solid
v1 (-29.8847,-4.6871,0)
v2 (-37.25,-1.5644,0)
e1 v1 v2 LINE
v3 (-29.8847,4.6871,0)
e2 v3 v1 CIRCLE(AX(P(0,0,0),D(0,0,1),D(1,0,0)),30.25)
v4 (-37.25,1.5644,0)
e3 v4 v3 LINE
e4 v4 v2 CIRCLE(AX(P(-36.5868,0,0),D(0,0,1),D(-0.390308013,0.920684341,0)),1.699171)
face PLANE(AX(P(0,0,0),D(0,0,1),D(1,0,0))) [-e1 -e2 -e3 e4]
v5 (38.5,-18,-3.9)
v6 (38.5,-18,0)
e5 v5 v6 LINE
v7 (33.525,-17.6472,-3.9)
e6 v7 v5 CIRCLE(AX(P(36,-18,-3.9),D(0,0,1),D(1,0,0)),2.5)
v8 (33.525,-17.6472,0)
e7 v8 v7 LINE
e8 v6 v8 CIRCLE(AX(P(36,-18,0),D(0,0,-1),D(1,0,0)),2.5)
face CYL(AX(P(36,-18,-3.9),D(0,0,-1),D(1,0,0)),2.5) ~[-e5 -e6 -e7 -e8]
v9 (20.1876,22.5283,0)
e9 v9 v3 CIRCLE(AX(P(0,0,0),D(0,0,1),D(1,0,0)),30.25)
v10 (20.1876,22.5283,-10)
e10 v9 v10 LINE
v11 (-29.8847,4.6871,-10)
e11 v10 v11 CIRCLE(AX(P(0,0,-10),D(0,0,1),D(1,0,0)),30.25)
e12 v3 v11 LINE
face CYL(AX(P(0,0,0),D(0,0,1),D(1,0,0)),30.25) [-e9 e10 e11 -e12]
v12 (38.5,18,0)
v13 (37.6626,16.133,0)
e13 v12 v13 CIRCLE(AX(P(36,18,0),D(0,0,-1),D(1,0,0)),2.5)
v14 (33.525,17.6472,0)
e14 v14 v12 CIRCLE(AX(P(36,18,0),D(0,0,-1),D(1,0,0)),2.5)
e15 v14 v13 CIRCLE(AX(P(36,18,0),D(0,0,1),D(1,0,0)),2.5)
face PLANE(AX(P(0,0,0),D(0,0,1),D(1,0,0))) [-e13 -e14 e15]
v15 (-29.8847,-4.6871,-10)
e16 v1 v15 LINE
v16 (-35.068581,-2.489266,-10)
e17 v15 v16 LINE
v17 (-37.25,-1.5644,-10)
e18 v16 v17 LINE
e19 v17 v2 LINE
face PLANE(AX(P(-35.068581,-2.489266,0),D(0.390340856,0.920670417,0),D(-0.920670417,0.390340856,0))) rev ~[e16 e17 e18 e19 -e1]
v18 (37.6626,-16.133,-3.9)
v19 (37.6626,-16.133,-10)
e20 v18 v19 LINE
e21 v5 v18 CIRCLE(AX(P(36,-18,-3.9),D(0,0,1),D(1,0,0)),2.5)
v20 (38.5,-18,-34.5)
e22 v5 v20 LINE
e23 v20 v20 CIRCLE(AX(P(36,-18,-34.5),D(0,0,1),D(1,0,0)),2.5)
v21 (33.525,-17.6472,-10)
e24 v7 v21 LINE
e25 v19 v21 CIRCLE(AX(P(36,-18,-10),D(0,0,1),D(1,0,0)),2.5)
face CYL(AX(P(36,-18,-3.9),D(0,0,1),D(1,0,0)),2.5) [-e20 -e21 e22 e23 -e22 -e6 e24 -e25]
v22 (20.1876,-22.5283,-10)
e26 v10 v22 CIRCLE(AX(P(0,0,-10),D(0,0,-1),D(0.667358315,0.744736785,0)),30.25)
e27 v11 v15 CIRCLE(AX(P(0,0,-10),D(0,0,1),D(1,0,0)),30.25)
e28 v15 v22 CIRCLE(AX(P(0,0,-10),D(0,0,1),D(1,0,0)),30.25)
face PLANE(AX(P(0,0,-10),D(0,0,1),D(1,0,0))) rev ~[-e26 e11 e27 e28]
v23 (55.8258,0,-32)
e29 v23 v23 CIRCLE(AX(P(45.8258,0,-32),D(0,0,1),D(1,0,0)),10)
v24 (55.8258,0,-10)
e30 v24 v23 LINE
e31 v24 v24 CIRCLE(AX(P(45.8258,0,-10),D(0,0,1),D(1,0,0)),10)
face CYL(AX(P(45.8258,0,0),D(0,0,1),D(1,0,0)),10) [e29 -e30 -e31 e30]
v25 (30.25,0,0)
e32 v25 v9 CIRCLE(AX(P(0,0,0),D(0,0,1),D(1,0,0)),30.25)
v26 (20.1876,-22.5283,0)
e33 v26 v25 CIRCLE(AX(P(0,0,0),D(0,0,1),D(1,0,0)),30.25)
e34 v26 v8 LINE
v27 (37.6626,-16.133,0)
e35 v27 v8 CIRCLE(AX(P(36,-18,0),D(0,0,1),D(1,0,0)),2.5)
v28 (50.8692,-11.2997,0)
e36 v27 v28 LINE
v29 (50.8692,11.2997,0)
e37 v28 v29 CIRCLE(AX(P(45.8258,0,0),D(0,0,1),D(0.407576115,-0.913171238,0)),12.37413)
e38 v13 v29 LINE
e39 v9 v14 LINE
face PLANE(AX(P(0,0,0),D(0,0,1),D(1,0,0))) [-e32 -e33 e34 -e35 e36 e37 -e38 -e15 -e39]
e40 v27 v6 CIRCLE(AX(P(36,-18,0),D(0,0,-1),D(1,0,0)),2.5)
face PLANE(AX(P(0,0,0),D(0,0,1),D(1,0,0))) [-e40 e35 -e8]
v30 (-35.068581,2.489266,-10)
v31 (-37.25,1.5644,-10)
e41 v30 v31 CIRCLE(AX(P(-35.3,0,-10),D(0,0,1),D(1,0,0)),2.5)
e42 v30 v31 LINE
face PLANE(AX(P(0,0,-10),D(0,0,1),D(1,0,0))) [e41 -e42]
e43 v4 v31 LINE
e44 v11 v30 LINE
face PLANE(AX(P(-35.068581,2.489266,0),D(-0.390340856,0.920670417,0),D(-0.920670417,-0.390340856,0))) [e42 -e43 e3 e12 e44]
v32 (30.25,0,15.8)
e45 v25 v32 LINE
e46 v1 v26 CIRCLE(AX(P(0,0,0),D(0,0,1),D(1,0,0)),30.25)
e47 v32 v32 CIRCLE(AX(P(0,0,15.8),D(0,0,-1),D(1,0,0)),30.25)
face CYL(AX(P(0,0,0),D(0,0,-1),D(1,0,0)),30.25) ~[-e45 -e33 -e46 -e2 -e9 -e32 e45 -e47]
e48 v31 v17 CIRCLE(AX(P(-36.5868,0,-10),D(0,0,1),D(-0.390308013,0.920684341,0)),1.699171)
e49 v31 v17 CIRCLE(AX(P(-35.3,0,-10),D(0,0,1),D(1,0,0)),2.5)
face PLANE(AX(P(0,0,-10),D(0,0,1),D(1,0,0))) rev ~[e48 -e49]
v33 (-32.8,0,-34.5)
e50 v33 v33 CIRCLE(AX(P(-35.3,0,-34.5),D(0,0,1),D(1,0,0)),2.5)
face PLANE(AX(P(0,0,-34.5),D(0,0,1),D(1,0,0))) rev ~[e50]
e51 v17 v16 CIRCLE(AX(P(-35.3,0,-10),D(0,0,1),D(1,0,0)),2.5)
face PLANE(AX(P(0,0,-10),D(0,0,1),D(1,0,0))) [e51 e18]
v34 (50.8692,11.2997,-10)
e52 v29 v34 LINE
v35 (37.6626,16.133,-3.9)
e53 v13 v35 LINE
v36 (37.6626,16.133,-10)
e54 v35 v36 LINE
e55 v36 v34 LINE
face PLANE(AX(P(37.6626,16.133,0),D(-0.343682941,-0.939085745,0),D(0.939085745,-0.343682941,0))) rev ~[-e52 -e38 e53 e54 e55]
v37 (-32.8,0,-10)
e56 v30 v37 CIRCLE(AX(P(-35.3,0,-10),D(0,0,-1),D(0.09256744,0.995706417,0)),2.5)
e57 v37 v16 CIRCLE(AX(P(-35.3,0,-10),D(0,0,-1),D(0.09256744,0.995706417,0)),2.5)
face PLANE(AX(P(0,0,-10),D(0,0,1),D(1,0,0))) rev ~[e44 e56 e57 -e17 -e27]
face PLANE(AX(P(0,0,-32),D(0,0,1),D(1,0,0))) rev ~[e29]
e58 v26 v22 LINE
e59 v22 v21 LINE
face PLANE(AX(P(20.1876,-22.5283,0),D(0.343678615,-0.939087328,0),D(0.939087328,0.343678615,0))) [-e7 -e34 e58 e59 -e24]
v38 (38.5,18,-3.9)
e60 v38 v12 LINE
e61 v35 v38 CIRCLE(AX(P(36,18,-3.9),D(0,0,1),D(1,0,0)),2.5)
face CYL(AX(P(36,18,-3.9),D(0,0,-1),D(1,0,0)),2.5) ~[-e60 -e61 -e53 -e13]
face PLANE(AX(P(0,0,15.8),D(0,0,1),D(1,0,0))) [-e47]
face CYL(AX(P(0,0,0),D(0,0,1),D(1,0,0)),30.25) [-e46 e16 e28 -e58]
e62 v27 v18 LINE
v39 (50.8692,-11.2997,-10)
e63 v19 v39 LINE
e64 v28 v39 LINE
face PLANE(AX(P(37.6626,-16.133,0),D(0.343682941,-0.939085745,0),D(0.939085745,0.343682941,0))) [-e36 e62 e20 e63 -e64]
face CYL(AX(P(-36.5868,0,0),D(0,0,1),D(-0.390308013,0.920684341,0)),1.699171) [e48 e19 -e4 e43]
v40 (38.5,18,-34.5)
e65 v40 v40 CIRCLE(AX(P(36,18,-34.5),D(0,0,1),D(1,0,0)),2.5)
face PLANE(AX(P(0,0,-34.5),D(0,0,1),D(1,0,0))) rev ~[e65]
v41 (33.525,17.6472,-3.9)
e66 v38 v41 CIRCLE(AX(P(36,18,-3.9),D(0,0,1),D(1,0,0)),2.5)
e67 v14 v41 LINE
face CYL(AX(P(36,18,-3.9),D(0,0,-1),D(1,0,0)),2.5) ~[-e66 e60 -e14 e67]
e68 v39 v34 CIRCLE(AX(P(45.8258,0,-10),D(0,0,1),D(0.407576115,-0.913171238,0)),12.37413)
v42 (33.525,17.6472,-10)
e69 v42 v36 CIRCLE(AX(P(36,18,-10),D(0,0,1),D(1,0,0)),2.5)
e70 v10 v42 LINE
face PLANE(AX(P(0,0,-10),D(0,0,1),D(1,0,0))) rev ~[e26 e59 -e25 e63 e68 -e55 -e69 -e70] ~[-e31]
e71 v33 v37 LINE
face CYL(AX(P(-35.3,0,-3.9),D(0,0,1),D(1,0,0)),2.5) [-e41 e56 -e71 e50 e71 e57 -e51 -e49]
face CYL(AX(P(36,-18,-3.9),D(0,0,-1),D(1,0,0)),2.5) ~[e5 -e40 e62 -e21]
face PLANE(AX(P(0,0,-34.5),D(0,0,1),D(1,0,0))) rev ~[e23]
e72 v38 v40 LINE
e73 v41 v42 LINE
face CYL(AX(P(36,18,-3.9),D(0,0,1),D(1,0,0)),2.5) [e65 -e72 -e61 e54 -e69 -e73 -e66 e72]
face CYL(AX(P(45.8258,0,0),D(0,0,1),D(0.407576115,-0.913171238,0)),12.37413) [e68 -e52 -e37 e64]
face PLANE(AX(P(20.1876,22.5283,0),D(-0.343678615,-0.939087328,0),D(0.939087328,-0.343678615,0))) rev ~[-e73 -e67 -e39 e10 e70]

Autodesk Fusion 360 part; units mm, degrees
sketch "Sketch1" plane through (0, 0, 0) normal (0, 0, 1) x (1, 0, 0)
  circle A0 centre (0, 0) radius 30.25
  line L0 (0, 0) -> (-35.3, 0) construction
  line L1 (0, 0) -> (36, 0) construction
  circle A1 centre (-35.3, 0) radius 2.5
  line L2 (36, 0) -> (36, -18) construction
  line L3 (36, 0) -> (36, 18) construction
  circle A2 centre (36, 18) radius 2.5
  circle A3 centre (36, -18) radius 2.5
  line L4 (36, 0) -> (58.2, 0) construction
  line L5 (-29.8847, 4.6871) -> (-37.25, 1.5644)
  line L6 (-29.8847, -4.6871) -> (-37.25, -1.5644)
  arc A4 (-37.25, 1.5644) -> (-37.25, -1.5644) centre (-36.5868, 0) ccw
  arc A5 (50.8692, -11.2997) -> (50.8692, 11.2997) centre (45.8258, 0) ccw
  line L7 (20.1876, 22.5283) -> (33.525, 17.6472)
  line L8 (37.6626, 16.133) -> (50.8692, 11.2997)
  line L9 (20.1876, -22.5283) -> (33.525, -17.6472)
  line L10 (37.6626, -16.133) -> (50.8692, -11.2997)
  circle A6 centre (45.8258, 0) radius 10
  dimension "d1" = 60.5
  dimension "d2" = 35.3
  dimension "d3" = 36
  dimension "d4" = 5
  dimension "d5" = 18
  dimension "d6" = 18
  dimension "d7" = 5
  dimension "d8" = 5
  dimension "d9" = 22.2
  dimension "d10" = 8
  dimension "d13" = 20
extrude "Extrude1" add sketch "Sketch1" along normal blind 15.8 contours A0 makes body 1
extrude "Extrude2" add sketch "Sketch1" against normal blind 32 separate body contours A6 makes body 2
extrude "Extrude3" add sketch "Sketch1" against normal blind 30.6 separate body contours A2 | A3 | A1 L5 L6 makes body 3 at (-33.8177, -2.0132, -20.4) makes body 4 at (38.4876, -17.7511, -10.2) makes body 5 at (38.4876, 18.2489, -10.2)
delete_face "DeleteFace1" 1 faces at (-35.7958, 2.181, -10.2) on bodies 3
delete_face "DeleteFace2" 1 faces at (-35.7958, -2.181, -10.2) on bodies 3
move_body "Move1" bodies 3 4 5 to x (1, 0, 0) y (0, 1, 0) z (0, 0, 1) at (0, 0, -3.9)
extrude "Extrude4" add sketch "Sketch1" against normal blind 10 contours A0 A2 A3 A5 L7 L8 L9 L10 | A0 A1 L5 L6 bodies 2 1 3 4 5
extrude "Extrude5" add 3 faces at (-34.7396, 0.6435, -3.9) (37.3366, -18.5849, -3.9) (36.7741, 18.8349, -3.9) along direction (0, 0, 1) blind 3.9 on bodies 2 bodies 2
extrude "Extrude6" add sketch "Sketch1" against normal blind 10 contours A0 bodies 2
extrude "Extrude7" add sketch "Sketch1" against normal blind 10 contours A1 A4 bodies 2
extrude "Extrude8" cut sketch "Sketch1" against normal blind 10 contours A1 L5 | A1 L6 bodies 2
